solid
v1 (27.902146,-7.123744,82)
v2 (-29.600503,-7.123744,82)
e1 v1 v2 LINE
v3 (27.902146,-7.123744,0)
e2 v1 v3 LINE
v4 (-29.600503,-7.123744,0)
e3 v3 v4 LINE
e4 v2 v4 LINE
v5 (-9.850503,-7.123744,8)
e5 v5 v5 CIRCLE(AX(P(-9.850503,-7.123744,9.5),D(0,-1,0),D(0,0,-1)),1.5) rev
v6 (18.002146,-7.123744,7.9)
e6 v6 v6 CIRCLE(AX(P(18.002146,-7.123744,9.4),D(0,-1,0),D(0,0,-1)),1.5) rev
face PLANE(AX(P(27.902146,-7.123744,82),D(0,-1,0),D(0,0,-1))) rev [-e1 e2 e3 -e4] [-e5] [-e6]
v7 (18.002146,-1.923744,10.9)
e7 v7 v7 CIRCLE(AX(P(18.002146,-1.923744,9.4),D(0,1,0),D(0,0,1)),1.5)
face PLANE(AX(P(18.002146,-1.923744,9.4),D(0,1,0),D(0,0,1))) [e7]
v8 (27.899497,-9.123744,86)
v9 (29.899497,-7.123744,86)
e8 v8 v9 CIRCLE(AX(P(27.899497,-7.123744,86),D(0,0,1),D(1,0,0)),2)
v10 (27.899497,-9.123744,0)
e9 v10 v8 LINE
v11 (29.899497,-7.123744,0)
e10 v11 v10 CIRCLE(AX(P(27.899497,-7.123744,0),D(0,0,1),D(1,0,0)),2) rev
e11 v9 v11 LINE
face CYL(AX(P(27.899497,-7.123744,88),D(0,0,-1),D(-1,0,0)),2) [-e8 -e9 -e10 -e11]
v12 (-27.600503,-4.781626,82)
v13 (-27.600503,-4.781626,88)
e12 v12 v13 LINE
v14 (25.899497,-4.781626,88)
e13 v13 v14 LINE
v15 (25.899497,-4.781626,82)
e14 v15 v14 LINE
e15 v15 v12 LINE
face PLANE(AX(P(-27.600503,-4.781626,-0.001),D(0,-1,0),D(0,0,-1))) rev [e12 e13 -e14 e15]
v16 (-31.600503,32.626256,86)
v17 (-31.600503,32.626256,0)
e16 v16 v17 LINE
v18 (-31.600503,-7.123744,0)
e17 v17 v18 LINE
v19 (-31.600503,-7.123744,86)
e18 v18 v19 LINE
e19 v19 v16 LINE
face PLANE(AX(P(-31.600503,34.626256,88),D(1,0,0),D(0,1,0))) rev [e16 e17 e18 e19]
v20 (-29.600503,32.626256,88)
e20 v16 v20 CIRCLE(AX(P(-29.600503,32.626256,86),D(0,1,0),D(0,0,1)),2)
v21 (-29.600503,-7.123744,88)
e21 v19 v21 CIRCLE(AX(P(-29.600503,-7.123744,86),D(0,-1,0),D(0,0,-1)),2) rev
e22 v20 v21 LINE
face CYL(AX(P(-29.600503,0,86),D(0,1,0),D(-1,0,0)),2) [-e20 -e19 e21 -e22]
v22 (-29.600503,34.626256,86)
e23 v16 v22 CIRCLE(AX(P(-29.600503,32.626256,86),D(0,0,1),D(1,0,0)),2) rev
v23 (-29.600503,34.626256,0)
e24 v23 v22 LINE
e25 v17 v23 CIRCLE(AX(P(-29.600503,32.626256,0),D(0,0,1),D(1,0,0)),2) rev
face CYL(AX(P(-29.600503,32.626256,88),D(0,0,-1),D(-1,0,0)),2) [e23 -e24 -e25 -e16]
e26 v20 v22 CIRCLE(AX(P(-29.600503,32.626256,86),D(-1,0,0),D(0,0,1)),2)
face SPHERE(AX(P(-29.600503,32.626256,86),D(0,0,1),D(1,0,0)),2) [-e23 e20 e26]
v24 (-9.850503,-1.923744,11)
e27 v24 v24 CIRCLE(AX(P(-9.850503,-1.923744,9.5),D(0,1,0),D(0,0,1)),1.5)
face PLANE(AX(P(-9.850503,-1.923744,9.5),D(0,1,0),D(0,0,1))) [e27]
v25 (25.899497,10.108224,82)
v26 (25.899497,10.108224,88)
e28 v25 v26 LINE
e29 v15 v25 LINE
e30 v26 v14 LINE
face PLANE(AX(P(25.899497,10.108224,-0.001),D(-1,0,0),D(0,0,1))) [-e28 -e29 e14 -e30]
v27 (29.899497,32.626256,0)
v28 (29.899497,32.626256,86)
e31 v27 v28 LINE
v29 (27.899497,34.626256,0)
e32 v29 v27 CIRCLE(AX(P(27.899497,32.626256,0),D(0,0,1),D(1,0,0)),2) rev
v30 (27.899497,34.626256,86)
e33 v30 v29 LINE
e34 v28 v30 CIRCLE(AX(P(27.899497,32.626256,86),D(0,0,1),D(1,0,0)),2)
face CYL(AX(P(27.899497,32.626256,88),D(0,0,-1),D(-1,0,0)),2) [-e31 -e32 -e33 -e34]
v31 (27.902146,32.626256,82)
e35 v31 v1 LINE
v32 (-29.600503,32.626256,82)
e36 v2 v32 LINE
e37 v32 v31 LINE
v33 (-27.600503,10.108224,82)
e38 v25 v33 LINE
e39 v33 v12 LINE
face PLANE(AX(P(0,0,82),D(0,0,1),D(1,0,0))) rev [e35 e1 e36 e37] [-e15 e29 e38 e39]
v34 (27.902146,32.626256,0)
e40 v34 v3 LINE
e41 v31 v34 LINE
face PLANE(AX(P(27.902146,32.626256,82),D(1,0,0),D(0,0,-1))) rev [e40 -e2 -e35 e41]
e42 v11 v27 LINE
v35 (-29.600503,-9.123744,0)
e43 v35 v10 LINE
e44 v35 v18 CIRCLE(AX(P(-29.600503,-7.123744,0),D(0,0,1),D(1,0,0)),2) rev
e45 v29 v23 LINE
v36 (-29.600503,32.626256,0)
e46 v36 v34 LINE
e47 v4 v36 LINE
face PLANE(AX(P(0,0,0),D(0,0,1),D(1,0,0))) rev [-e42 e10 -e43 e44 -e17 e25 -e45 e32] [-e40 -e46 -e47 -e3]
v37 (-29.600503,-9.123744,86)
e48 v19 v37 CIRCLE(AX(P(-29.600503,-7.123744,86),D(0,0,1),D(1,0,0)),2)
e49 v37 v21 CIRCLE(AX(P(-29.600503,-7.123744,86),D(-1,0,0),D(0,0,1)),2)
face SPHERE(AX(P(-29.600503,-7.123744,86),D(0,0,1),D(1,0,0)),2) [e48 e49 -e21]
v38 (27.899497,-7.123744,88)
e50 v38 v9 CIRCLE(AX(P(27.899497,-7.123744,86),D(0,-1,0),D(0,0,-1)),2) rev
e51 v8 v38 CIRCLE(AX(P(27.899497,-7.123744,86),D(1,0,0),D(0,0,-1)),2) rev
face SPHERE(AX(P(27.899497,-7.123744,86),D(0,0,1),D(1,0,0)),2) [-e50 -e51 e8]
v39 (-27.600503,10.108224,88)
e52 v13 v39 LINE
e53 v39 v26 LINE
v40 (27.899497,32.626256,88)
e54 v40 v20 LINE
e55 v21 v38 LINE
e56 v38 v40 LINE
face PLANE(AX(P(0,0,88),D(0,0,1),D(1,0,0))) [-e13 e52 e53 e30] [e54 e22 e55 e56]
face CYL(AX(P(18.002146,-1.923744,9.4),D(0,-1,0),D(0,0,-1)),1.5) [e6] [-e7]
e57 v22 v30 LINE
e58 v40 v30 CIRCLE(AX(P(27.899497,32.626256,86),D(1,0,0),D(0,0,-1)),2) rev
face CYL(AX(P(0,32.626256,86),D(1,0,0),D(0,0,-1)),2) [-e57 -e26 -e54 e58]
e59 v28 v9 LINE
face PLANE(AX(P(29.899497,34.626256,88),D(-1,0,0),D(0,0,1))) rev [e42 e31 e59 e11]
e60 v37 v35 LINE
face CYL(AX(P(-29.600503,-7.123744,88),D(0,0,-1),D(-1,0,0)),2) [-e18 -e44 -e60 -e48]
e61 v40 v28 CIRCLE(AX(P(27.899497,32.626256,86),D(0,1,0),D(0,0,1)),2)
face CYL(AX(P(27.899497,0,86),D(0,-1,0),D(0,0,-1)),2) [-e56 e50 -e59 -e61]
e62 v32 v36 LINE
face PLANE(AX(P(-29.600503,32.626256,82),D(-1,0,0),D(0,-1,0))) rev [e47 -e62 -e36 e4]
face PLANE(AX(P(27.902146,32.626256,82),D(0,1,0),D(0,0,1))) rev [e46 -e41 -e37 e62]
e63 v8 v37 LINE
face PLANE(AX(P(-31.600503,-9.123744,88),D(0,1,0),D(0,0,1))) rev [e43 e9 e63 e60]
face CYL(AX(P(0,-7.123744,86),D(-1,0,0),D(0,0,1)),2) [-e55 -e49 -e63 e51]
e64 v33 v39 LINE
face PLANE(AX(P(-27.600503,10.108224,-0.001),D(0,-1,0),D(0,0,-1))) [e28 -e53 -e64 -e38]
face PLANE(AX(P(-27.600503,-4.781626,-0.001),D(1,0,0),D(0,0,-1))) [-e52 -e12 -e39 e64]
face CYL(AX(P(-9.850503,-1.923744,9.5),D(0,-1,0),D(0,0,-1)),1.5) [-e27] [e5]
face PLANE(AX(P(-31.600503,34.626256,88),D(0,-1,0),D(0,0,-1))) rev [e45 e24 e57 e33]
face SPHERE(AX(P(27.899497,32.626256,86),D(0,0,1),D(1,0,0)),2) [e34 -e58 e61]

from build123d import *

# Parameters (mm, degrees)
ESQUISSE1_W             = 61.5
ESQUISSE1_H             = 43.75
BOSS_EXTRU_1_DEPTH      = 88
ENL_V_MAT_EXTRU_4_REACH = 90
ESQUISSE3_W             = 53.5
ESQUISSE3_H             = 14.889849441
ESQUISSE6_W             = 57.502648101
ESQUISSE6_H             = 39.75
ENL_V_MAT_EXTRU_5_DEPTH = 82
CONG_4_R                = 2
ESQUISSE7_R             = 1.5
BOSS_EXTRU_2_DEPTH      = 5.2
ESQUISSE8_R             = 1.5
BOSS_EXTRU_3_DEPTH      = 5.2


with BuildPart() as part:
    # Esquisse1 → Boss.-Extru.1 (new body)
    with BuildSketch(Plane.XY):
        with Locations((-0.850502513, 12.751256281)):
            Rectangle(ESQUISSE1_W, ESQUISSE1_H)
    extrude(amount=BOSS_EXTRU_1_DEPTH)

    # Esquisse3 → Enlèv. mat.-Extru.4 (cut, up to next)
    with BuildSketch(Plane.XY.offset(88), mode=Mode.PRIVATE) as enl_v_mat_extru_4_sk1:
        with Locations((-0.850502513, 2.663299217)):
            Rectangle(ESQUISSE3_W, ESQUISSE3_H)
    enl_v_mat_extru_4_tool1 = extrude(enl_v_mat_extru_4_sk1.sketch, amount=-ENL_V_MAT_EXTRU_4_REACH, mode=Mode.PRIVATE) & part.part
    add(enl_v_mat_extru_4_tool1.solids().sort_by_distance((-0.850503, 2.663299, 88))[0], mode=Mode.SUBTRACT)

    # Esquisse6 → Enlèv. mat.-Extru.5 (cut)
    with BuildSketch(Plane(origin=(0, 0, 0), x_dir=(-1, 0, 0), z_dir=(0, 0, -1))):
        with Locations((0.849178462, 12.751256281)):
            Rectangle(ESQUISSE6_W, ESQUISSE6_H)
    extrude(amount=-ENL_V_MAT_EXTRU_5_DEPTH, mode=Mode.SUBTRACT)

    # Congé4
    cong_4_edges = [part.edges().sort_by_distance(p)[0] for p in [
        (29.899497487, 12.751256281, 88),
        (-0.850502513, 34.626256281, 88),
        (-31.600502513, 12.751256281, 88),
        (-31.600502513, 34.626256281, 44),
        (29.899497487, 34.626256281, 44),
        (29.899497487, -9.123743719, 44),
        (-31.600502513, -9.123743719, 44),
        (-0.850502513, -9.123743719, 88),
    ]]
    fillet(cong_4_edges, radius=CONG_4_R)

    # Esquisse7 → Boss.-Extru.2 (add)
    with BuildSketch(Plane(origin=(0, -7.123743719, 0), x_dir=(1, 0, 0), z_dir=(0, 1, 0))):
        with Locations((18.002145588, -9.4)):
            Circle(ESQUISSE7_R)
    extrude(amount=BOSS_EXTRU_2_DEPTH)

    # Esquisse8 → Boss.-Extru.3 (add)
    with BuildSketch(Plane(origin=(0, -7.123743719, 0), x_dir=(1, 0, 0), z_dir=(0, 1, 0))):
        with Locations((-9.850502513, -9.5)):
            Circle(ESQUISSE8_R)
    extrude(amount=BOSS_EXTRU_3_DEPTH)


solid = part.part
